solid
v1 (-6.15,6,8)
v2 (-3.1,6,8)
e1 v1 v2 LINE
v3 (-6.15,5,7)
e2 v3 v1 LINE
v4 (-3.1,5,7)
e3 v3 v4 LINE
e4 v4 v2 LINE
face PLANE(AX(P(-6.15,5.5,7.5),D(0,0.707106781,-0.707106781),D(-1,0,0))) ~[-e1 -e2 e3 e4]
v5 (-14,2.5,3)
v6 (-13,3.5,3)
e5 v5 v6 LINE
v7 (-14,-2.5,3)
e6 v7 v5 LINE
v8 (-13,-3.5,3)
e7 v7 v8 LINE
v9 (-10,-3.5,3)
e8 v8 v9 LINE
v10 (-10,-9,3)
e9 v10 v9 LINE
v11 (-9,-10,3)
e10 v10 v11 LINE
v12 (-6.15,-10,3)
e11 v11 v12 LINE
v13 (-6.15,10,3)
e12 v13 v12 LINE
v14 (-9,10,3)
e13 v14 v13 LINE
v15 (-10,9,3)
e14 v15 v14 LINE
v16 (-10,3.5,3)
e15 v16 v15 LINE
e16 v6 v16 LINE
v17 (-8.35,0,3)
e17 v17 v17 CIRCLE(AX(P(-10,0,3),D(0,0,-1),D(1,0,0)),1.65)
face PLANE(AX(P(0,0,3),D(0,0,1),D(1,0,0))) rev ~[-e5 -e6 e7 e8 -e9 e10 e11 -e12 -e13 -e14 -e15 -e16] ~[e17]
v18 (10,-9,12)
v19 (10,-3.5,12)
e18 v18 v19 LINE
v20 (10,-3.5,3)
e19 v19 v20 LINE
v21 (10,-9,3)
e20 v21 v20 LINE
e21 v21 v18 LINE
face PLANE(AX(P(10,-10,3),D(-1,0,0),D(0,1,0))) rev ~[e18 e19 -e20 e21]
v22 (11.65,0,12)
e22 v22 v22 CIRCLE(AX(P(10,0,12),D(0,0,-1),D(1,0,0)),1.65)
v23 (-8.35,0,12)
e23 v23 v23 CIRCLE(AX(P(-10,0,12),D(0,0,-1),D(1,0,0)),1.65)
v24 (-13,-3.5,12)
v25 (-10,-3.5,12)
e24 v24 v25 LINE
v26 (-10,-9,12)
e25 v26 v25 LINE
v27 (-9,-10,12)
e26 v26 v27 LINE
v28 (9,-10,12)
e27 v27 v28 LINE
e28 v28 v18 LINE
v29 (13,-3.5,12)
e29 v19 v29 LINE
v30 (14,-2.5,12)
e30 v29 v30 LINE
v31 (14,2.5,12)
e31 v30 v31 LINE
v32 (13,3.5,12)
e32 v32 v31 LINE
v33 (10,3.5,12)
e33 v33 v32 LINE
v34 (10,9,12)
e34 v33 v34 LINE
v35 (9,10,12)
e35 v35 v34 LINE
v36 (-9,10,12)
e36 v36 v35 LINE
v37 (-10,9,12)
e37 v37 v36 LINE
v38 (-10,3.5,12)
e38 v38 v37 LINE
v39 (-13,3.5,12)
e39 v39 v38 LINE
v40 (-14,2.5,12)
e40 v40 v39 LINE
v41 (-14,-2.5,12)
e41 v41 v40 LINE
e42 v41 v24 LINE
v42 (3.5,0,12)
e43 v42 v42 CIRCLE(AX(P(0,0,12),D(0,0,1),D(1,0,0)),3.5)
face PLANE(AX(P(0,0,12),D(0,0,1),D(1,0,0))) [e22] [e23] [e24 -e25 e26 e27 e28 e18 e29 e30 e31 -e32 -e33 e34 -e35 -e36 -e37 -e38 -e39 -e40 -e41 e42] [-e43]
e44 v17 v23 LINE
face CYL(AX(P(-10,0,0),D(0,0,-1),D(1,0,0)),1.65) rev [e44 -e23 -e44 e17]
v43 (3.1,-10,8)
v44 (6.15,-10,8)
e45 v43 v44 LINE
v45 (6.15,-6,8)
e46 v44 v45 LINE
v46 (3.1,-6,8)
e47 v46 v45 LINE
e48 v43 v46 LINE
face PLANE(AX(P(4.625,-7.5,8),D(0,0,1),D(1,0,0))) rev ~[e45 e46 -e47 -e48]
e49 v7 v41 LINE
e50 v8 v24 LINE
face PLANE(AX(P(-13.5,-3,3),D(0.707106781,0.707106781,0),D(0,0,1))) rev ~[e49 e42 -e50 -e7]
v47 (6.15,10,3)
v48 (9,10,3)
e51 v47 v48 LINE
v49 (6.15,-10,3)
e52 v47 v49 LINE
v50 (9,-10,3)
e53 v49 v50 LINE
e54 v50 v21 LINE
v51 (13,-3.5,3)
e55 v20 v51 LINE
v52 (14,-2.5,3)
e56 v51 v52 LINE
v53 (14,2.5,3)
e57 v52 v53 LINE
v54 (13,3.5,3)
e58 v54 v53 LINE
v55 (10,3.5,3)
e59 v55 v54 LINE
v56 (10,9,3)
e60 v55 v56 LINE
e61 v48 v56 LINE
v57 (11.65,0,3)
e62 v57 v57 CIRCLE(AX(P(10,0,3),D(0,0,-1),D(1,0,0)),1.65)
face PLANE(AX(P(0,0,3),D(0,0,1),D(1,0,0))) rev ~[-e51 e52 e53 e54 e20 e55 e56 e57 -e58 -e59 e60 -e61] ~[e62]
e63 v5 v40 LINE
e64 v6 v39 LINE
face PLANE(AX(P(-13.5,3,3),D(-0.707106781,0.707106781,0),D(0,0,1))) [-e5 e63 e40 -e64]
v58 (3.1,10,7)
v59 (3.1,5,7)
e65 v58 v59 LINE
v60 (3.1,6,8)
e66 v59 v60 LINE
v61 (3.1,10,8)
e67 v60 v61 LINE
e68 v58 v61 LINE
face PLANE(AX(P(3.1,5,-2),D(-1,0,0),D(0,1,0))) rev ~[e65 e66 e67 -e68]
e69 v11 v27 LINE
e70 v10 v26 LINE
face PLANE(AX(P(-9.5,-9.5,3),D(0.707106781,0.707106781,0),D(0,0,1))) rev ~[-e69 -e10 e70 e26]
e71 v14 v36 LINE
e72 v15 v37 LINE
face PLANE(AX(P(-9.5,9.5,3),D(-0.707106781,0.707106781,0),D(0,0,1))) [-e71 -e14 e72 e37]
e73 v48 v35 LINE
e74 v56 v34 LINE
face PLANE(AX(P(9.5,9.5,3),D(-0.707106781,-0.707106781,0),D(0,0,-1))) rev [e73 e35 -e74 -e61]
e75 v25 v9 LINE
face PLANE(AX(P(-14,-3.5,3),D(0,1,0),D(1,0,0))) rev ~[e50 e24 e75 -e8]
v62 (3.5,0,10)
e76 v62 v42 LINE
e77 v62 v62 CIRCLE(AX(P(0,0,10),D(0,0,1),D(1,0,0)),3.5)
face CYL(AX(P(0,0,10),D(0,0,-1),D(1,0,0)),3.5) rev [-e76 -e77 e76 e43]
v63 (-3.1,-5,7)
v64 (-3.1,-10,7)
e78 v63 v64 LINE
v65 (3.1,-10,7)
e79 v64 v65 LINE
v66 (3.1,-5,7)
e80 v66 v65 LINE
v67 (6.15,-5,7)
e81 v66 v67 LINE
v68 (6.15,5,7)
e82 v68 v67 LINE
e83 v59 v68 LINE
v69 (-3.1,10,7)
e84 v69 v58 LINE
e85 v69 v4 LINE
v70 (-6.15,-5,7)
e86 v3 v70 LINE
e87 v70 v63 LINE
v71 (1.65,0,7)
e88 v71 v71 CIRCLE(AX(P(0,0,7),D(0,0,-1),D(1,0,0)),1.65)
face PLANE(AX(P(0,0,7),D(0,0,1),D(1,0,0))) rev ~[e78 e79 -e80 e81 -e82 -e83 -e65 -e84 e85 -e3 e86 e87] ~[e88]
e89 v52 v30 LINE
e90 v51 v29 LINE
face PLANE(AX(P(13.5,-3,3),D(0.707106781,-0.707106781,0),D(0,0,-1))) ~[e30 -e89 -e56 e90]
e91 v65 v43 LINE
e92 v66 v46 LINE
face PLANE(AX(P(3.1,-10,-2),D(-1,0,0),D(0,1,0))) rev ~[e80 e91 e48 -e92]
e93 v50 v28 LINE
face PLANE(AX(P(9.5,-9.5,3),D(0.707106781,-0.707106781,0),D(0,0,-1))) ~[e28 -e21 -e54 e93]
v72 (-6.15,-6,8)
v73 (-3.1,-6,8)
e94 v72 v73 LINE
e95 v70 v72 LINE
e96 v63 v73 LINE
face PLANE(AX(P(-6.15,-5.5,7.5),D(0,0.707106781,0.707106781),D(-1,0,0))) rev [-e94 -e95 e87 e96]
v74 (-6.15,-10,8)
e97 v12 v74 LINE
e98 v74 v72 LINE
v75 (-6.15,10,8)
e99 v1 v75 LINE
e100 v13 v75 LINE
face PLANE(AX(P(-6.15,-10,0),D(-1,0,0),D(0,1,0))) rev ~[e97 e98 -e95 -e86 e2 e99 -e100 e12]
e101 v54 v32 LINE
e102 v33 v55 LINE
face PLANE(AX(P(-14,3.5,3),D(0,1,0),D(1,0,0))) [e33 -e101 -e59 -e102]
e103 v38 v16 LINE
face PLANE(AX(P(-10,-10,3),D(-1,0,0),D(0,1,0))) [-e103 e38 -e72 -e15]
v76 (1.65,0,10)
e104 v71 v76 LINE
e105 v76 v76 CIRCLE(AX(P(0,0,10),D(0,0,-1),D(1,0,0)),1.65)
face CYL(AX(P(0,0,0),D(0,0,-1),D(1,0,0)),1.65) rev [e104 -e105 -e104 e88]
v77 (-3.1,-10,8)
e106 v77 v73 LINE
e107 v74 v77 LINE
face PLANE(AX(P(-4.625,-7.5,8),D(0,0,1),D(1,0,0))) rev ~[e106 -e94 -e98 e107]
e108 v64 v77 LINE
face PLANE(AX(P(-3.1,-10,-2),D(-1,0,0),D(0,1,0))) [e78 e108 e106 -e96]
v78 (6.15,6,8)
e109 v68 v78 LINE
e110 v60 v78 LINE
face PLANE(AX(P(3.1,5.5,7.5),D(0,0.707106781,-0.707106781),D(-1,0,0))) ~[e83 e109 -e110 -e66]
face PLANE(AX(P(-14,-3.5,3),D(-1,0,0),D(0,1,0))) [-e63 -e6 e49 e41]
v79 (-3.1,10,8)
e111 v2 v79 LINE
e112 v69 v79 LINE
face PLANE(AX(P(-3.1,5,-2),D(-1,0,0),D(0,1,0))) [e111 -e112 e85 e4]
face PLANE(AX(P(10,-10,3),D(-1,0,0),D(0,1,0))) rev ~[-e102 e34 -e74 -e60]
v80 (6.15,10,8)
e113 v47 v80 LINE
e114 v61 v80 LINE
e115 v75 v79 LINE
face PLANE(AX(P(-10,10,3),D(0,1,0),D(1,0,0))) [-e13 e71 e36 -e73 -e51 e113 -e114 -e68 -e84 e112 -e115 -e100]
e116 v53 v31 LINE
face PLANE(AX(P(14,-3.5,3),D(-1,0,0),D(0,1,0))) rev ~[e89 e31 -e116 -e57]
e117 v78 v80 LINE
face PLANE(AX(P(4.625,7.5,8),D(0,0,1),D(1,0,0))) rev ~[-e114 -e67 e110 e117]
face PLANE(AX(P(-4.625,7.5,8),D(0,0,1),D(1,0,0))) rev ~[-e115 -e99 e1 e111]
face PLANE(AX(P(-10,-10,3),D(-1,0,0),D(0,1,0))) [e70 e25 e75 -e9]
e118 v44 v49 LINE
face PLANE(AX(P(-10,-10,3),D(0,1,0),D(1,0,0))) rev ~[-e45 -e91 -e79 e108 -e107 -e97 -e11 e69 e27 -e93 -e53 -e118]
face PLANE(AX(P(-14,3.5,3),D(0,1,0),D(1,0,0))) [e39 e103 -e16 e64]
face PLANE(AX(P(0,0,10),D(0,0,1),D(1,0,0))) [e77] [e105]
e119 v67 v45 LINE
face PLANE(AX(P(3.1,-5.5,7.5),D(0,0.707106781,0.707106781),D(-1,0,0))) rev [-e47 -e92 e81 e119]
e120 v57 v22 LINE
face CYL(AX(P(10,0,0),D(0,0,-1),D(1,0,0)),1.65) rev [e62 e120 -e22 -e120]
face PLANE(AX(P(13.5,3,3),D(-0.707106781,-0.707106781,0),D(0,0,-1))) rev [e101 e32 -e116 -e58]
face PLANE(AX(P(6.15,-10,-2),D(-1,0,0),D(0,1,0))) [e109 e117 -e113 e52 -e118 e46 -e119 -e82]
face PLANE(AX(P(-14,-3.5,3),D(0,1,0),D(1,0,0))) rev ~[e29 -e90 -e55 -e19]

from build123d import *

# Parameters (mm, degrees)
CYLINDER026_R         = 3.5
CYLINDER026_DEPTH     = 2
CYLINDER025_R         = 1.65
CYLINDER025_DEPTH     = 18
CYLINDER023_R         = 1.65
CYLINDER023_DEPTH     = 18
CYLINDER024_R         = 1.65
CYLINDER024_DEPTH     = 18
BOX049_W              = 3.05
BOX049_H              = 5
BOX049_DEPTH          = 10
BOX050_W              = 3.05
BOX050_H              = 5
BOX050_DEPTH          = 10
BOX051_W              = 3.05
BOX051_H              = 5
BOX051_DEPTH          = 10
BOX048_W              = 3.05
BOX048_H              = 5
BOX048_DEPTH          = 10
CHAMFER004013004_SIZE = 1
BOX044_W              = 12.3
BOX044_H              = 20
BOX044_DEPTH          = 7
BOX046_W              = 28
BOX046_H              = 7
BOX046_DEPTH          = 9
BOX047_W              = 12.3
BOX047_H              = 20
BOX047_DEPTH          = 7
BOX045_W              = 20
BOX045_H              = 20
BOX045_DEPTH          = 9
CHAMFER004013007_SIZE = 1


with BuildPart() as cylinder026:
    # Cylinder026 → Cylinder026 (new body)
    with BuildSketch(Plane.XY.offset(10)):
        Circle(CYLINDER026_R)
    extrude(amount=CYLINDER026_DEPTH)


with BuildPart() as cylinder025:
    # Cylinder025 → Cylinder025 (new body)
    with BuildSketch(Plane(origin=(10, 0, 0), x_dir=(1, 0, 0), z_dir=(0, 0, 1))):
        Circle(CYLINDER025_R)
    extrude(amount=CYLINDER025_DEPTH)


with BuildPart() as cylinder023:
    # Cylinder023 → Cylinder023 (new body)
    with BuildSketch(Plane.XY):
        Circle(CYLINDER023_R)
    extrude(amount=CYLINDER023_DEPTH)


with BuildPart() as fusion001007005020:
    # Cylinder024 → Cylinder024 (new body)
    with BuildSketch(Plane(origin=(-10, 0, 0), x_dir=(1, 0, 0), z_dir=(0, 0, 1))):
        Circle(CYLINDER024_R)
    extrude(amount=CYLINDER024_DEPTH)

    # Fusion001007005014: union Cylinder025, Cylinder023
    add(cylinder025.part)
    add(cylinder023.part)

    # Fusion001007005020: union Cylinder026
    add(cylinder026.part)


with BuildPart() as cube048:
    # Box049 → Box049 (new body)
    with BuildSketch(Plane(origin=(3.1, -10, 0), x_dir=(1, 0, 0), z_dir=(0, 0, 1))):
        with Locations((1.525, 2.5)):
            Rectangle(BOX049_W, BOX049_H)
    extrude(amount=BOX049_DEPTH)


with BuildPart() as cube049:
    # Box050 → Box050 (new body)
    with BuildSketch(Plane(origin=(3.1, 5, 0), x_dir=(1, 0, 0), z_dir=(0, 0, 1))):
        with Locations((1.525, 2.5)):
            Rectangle(BOX050_W, BOX050_H)
    extrude(amount=BOX050_DEPTH)


with BuildPart() as cube050:
    # Box051 → Box051 (new body)
    with BuildSketch(Plane(origin=(-6.15, 5, 0), x_dir=(1, 0, 0), z_dir=(0, 0, 1))):
        with Locations((1.525, 2.5)):
            Rectangle(BOX051_W, BOX051_H)
    extrude(amount=BOX051_DEPTH)


with BuildPart() as chamfer004013004:
    # Box048 → Box048 (new body)
    with BuildSketch(Plane(origin=(-6.15, -10, 0), x_dir=(1, 0, 0), z_dir=(0, 0, 1))):
        with Locations((1.525, 2.5)):
            Rectangle(BOX048_W, BOX048_H)
    extrude(amount=BOX048_DEPTH)

    # Fusion001007005016: union Cube048, Cube049, Cube050
    add(cube048.part)
    add(cube049.part)
    add(cube050.part)

    # Chamfer004013004
    chamfer004013004_edges = [chamfer004013004.edges().sort_by_distance(p)[0] for p in [
        (-4.625, -5, 10),
        (4.625, -5, 10),
        (4.625, 5, 10),
        (-4.625, 5, 10),
    ]]
    chamfer(chamfer004013004_edges, length=CHAMFER004013004_SIZE)


with BuildPart() as chamfer004013004_1:
    # Chamfer004013004 placement: moved
    add(chamfer004013004.part.moved(Location((0, 0, -2))))


with BuildPart() as cube043:
    # Box044 → Box044 (new body)
    with BuildSketch(Plane(origin=(-6.15, -10, 0), x_dir=(1, 0, 0), z_dir=(0, 0, 1))):
        with Locations((6.15, 10)):
            Rectangle(BOX044_W, BOX044_H)
    extrude(amount=BOX044_DEPTH)


with BuildPart() as cut028002:
    # Box046 → Box046 (new body)
    with BuildSketch(Plane(origin=(-14, -3.5, 3), x_dir=(1, 0, 0), z_dir=(0, 0, 1))):
        with Locations((14, 3.5)):
            Rectangle(BOX046_W, BOX046_H)
    extrude(amount=BOX046_DEPTH)

    # Cut028002: cut Cube043
    add(cube043.part, mode=Mode.SUBTRACT)


with BuildPart() as cube046:
    # Box047 → Box047 (new body)
    with BuildSketch(Plane(origin=(-6.15, -10, 0), x_dir=(1, 0, 0), z_dir=(0, 0, 1))):
        with Locations((6.15, 10)):
            Rectangle(BOX047_W, BOX047_H)
    extrude(amount=BOX047_DEPTH)


with BuildPart() as belt_connector:
    # Box045 → Box045 (new body)
    with BuildSketch(Plane(origin=(-10, -10, 3), x_dir=(1, 0, 0), z_dir=(0, 0, 1))):
        with Locations((10, 10)):
            Rectangle(BOX045_W, BOX045_H)
    extrude(amount=BOX045_DEPTH)

    # Cut024: cut Cube046
    add(cube046.part, mode=Mode.SUBTRACT)

    # Fusion001007005019: union Cut028002
    add(cut028002.part)

    # Cut028003: cut Chamfer004013004
    add(chamfer004013004_1.part, mode=Mode.SUBTRACT)

    # Cut028004: cut Fusion001007005020
    add(fusion001007005020.part, mode=Mode.SUBTRACT)

    # Chamfer004013007
    chamfer004013007_edges = [belt_connector.edges().sort_by_distance(p)[0] for p in [
        (-10, -10, 7.5),
        (-14, -3.5, 7.5),
        (10, -10, 7.5),
        (-14, 3.5, 7.5),
        (14, -3.5, 7.5),
        (-10, 10, 7.5),
        (10, 10, 7.5),
        (14, 3.5, 7.5),
    ]]
    chamfer(chamfer004013007_edges, length=CHAMFER004013007_SIZE)


solid = belt_connector.part
